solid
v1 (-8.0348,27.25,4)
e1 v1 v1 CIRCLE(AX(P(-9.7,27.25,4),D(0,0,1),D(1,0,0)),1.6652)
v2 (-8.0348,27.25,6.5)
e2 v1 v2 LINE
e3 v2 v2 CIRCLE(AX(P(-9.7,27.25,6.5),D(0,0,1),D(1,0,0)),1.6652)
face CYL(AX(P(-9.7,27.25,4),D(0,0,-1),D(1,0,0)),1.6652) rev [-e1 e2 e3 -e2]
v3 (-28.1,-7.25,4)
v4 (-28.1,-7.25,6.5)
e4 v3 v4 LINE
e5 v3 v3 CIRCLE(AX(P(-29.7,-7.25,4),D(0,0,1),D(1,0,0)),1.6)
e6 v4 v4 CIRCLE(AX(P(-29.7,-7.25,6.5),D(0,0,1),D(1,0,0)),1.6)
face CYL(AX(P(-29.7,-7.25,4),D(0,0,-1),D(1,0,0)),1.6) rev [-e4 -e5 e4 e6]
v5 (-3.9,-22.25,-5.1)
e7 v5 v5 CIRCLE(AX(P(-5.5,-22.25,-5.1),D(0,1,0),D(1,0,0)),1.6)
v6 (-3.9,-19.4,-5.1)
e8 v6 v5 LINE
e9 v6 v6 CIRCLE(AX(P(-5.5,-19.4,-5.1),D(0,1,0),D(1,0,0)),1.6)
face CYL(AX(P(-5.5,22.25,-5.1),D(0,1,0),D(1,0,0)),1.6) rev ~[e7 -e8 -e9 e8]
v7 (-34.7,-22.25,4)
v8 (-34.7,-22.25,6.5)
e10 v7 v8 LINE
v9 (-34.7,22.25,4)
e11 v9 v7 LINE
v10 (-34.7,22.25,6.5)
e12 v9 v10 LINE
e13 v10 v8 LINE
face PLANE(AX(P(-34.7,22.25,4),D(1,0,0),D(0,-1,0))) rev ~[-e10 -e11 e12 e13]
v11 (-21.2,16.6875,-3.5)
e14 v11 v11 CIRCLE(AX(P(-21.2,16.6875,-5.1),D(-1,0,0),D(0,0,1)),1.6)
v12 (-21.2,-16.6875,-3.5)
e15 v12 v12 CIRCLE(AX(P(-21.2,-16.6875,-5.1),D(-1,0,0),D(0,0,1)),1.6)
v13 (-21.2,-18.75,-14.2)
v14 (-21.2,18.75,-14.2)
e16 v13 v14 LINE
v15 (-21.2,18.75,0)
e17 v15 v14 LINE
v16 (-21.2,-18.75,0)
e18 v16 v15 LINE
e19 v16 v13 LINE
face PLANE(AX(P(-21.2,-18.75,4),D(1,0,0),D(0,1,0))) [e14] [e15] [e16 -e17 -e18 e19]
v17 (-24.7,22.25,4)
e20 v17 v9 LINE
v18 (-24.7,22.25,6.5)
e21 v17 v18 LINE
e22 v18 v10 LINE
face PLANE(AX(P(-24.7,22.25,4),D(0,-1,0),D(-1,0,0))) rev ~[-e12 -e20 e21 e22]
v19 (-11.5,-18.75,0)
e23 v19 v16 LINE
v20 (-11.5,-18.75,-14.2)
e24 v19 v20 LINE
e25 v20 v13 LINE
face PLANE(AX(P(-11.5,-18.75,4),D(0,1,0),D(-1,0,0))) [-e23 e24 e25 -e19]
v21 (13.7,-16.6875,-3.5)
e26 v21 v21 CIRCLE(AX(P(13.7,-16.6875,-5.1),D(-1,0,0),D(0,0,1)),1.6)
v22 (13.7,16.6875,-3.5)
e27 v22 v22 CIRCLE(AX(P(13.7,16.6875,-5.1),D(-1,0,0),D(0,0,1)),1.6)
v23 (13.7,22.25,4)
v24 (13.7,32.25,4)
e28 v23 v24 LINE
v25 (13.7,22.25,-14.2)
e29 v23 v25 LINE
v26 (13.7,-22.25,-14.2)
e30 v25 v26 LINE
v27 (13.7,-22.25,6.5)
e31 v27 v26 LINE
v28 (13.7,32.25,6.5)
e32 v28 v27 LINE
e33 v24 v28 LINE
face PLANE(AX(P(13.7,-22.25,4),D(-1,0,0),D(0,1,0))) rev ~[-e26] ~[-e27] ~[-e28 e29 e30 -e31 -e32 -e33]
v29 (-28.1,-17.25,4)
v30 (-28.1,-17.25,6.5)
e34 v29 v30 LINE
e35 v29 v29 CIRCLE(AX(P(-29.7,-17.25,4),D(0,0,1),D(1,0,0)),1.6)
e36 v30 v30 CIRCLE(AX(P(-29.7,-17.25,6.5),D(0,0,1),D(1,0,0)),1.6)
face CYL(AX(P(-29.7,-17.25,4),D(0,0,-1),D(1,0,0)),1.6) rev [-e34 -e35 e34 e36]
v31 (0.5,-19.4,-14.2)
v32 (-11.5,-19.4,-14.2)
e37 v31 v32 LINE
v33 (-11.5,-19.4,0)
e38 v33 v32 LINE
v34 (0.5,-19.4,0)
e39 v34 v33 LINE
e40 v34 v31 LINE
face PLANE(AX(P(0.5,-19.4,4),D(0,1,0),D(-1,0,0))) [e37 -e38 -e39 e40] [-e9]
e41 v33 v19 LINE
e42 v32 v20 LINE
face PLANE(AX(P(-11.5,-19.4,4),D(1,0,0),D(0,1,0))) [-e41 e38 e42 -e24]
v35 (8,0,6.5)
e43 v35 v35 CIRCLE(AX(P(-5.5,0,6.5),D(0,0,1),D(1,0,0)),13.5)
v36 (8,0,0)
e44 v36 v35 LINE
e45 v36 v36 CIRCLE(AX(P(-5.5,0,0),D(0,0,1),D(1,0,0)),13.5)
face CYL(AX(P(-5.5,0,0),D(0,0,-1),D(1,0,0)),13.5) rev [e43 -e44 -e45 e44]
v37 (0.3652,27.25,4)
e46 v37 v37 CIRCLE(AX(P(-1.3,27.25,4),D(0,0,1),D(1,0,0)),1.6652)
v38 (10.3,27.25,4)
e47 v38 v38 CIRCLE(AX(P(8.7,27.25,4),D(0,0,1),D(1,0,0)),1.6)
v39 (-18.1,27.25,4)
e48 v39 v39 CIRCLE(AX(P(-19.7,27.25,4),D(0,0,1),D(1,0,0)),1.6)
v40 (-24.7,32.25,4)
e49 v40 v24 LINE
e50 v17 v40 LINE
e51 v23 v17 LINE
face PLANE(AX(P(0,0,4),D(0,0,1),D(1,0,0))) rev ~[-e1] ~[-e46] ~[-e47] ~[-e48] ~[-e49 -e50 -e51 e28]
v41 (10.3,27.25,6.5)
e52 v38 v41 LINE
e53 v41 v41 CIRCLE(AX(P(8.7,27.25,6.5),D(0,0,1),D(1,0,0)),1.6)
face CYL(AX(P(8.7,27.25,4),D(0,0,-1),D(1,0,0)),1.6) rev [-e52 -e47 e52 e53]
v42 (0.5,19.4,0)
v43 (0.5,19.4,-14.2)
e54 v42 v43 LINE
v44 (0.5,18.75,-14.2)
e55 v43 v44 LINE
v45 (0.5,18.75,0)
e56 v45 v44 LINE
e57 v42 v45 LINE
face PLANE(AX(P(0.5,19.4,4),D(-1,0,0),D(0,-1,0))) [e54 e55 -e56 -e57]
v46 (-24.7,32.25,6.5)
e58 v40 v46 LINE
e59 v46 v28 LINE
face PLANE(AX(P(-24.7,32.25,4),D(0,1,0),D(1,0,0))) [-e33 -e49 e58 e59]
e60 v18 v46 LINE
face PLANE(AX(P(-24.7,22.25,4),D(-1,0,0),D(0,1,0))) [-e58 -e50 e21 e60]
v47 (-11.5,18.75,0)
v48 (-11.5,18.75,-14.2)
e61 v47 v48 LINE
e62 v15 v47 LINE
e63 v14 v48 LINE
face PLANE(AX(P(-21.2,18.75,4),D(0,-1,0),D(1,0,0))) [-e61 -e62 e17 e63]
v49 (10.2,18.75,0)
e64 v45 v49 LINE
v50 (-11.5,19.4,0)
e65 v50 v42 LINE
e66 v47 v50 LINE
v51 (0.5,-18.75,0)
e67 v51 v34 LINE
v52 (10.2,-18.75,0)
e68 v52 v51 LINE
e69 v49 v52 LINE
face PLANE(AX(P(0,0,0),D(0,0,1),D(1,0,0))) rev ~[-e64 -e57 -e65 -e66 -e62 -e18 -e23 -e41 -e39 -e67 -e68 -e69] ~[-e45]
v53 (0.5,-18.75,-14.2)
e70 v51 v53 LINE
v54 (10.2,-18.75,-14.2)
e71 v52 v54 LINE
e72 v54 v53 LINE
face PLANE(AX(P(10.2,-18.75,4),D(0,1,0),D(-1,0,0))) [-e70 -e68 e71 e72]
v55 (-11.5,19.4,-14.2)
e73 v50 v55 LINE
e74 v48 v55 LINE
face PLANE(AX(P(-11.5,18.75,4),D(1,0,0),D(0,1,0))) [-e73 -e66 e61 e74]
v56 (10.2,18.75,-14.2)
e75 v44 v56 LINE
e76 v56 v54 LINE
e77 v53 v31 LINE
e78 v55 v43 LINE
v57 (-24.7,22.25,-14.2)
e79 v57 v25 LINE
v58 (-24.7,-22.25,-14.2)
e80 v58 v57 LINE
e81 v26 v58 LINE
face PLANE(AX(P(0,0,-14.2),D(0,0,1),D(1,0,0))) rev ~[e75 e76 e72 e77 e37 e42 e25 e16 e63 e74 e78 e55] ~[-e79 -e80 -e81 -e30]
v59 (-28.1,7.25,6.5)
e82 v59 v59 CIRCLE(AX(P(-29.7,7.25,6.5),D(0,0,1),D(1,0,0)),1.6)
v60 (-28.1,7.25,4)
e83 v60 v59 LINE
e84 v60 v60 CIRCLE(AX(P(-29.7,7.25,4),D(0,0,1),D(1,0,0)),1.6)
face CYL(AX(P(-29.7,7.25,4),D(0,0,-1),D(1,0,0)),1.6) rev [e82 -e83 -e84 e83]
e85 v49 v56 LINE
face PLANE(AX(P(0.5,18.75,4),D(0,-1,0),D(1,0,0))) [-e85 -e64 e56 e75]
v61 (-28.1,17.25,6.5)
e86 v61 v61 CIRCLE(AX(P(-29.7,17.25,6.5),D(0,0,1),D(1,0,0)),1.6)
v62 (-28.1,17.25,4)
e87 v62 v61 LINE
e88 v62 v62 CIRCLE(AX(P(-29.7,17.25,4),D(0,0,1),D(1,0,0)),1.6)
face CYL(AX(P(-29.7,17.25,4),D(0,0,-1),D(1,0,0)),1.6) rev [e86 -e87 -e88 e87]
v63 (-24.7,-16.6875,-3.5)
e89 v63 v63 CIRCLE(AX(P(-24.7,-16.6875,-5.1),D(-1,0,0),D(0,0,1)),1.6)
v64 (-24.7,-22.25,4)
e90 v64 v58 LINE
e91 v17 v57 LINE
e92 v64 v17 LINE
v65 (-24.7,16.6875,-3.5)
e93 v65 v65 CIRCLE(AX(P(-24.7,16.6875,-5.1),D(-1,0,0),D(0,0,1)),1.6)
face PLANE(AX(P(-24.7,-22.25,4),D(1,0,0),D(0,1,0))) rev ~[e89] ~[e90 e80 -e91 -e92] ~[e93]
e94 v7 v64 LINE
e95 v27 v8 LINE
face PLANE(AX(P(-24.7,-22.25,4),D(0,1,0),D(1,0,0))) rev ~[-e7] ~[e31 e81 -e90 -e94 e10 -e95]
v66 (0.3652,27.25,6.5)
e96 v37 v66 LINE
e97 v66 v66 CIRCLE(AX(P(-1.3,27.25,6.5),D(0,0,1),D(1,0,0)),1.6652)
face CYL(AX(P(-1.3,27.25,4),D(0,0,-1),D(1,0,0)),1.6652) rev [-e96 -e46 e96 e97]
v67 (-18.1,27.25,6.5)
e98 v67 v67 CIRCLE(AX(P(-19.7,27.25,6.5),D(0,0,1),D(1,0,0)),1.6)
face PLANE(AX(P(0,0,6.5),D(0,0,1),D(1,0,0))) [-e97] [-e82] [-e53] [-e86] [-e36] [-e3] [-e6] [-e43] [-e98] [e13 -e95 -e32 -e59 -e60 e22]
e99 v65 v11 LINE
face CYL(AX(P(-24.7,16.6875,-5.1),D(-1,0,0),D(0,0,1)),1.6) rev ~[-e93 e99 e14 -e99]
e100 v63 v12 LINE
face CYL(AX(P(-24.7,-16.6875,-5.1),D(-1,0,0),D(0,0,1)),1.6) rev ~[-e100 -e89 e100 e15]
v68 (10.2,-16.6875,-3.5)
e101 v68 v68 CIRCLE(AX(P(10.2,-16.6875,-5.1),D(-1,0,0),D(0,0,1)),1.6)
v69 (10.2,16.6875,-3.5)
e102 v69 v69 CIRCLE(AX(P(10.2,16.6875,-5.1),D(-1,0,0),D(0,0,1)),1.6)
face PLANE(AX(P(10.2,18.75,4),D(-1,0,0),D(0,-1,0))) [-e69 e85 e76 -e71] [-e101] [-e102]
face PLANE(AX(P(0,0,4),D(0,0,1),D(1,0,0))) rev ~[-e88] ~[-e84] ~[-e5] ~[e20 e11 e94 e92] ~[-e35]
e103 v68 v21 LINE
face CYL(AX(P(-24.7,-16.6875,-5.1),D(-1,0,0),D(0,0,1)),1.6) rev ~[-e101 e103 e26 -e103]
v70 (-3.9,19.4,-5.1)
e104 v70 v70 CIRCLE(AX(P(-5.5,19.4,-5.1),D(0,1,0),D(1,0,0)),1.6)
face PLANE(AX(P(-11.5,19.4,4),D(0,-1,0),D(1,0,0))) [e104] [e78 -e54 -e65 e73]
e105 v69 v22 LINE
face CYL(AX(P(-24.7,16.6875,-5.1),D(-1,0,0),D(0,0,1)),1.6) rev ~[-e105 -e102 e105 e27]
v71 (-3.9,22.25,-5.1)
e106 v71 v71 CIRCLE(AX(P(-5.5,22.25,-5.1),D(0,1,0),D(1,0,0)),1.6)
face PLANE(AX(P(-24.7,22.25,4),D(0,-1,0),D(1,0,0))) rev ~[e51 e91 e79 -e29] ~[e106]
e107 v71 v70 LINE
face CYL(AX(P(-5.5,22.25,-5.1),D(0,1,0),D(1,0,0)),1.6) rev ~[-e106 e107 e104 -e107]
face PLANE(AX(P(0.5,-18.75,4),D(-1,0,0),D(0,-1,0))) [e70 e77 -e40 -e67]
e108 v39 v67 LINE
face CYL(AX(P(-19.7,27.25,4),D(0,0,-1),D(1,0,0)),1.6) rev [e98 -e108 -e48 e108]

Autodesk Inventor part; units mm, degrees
ref_plane "YZ Plane" through (0, 0, 0) normal (1, 0, 0) x (0, 1, 0)
ref_plane "XZ Plane" through (0, 0, 0) normal (0, 1, 0) x (-1, 0, 0)
sketch "Sketch1" plane through (0, 0, 0) normal (0, 0, 1) x (1, 0, 0)
  line L0 (-11, 18.9) -> (-11, 18.25) projected
  line L1 (-11, 18.25) -> (-20.7, 18.25) projected
  line L2 (-20.7, 18.25) -> (-20.7, -18.25) projected
  line L3 (-11, -18.25) -> (-20.7, -18.25) projected
  line L4 (-11, -18.25) -> (-11, -18.9) projected
  line L5 (0, -18.9) -> (-11, -18.9) projected
  line L6 (0, -18.25) -> (0, -18.9) projected
  line L7 (9.7, -18.25) -> (0, -18.25) projected
  line L8 (9.7, 18.25) -> (9.7, -18.25) projected
  line L9 (9.7, 18.25) -> (0, 18.25) projected
  line L10 (0, 18.9) -> (0, 18.25) projected
  line L11 (0, 18.9) -> (-11, 18.9) projected
  circle A0 centre (-5.5, 0) radius 11.5 projected
  circle A1 centre (-5.5, 0) radius 13.5
  point P0 (0, 0)
  dimension "d0" = 2
extrude "Extrusion1" add sketch "Sketch1" along normal blind 4 contours L11 L10 L9 L8 L7 L6 L5 L4 L3 L2 L1 L0
sketch "Sketch2" plane through (0, 0, 4) normal (0, 0, 1) x (1, 0, 0)
  line L0 (-11, 18.9) -> (-11, 18.25) projected
  line L1 (-11, 18.25) -> (-20.7, 18.25) projected
  line L2 (-20.7, 18.25) -> (-20.7, -18.25) projected
  line L3 (-20.7, -18.25) -> (-11, -18.25) projected
  line L4 (-11, -18.25) -> (-11, -18.9) projected
  line L5 (-11, -18.9) -> (0, -18.9) projected
  line L6 (0, -18.9) -> (0, -18.25) projected
  line L7 (0, -18.25) -> (9.7, -18.25) projected
  line L8 (9.7, -18.25) -> (9.7, 18.25) projected
  line L9 (9.7, 18.25) -> (0, 18.25) projected
  line L10 (0, 18.25) -> (0, 18.9) projected
  line L11 (0, 18.9) -> (-11, 18.9) projected
  circle A0 centre (-5.5, 0) radius 13.5 projected
  line L12 (13.7, 22.25) -> (13.7, -22.25)
  line L13 (13.7, -22.25) -> (6, -22.25)
  line L14 (-17, -22.25) -> (-24.7, -22.25)
  line L15 (-24.7, -22.25) -> (-24.7, 22.25)
  line L16 (-24.7, 22.25) -> (-17, 22.25)
  line L17 (6, 22.25) -> (13.7, 22.25)
  line L18 (10.2, 18.75) -> (10.2, -18.75)
  line L19 (10.2, -18.75) -> (0.5, -18.75)
  line L20 (0.5, -18.75) -> (0.5, -19.4)
  line L21 (0.5, -19.4) -> (-11.5, -19.4)
  line L22 (-11.5, -19.4) -> (-11.5, -18.75)
  line L23 (-11.5, -18.75) -> (-21.2, -18.75)
  line L24 (-21.2, -18.75) -> (-21.2, 18.75)
  line L25 (-21.2, 18.75) -> (-11.5, 18.75)
  line L26 (-11.5, 18.75) -> (-11.5, 19.4)
  line L27 (-11.5, 19.4) -> (0.5, 19.4)
  line L28 (0.5, 19.4) -> (0.5, 18.75)
  line L29 (0.5, 18.75) -> (10.2, 18.75)
  line L30 (-17, -22.25) -> (6, -22.25)
  line L31 (6, 22.25) -> (-17, 22.25)
  point P0 (0, 0)
  dimension "d3" = 4
  dimension "d4" = 0.5
ref_plane "Work Plane1" through (-21.9731, -18.5883, -14.2) normal (0, 0, -1) x (0, 1, 0)
extrude "Extrusion2" add sketch "Sketch2" against normal up to surface (18.2 mm away) contours L12 L13 L30 L14 L15 L16 L31 L17
extrude "Extrusion3" add sketch "Sketch2" against normal blind 4 contours L18 L19 L20 L21 L22 L23 L24 L25 L26 L27 L28 L29
sketch "Sketch3" plane through (-24.7, -22.25, 4) normal (-1, 0, 0) x (0, 0, 1)
  line L0 (0, 44.5) -> (-18.2, 44.5) construction
  line L1 (-18.2, 44.5) -> (0, 0) construction
  line L2 (0, 0) -> (-18.2, 0) construction
  line L3 (0, 44.5) -> (0, 0) construction
  line L4 (-18.2, 0) -> (0, 44.5) construction
  line L5 (0, 44.5) -> (-9.1, 22.25) construction
  line L6 (0, 22.25) -> (-18.2, 22.25) construction
  line L7 (-18.2, 3.5) -> (-18.2, 41) construction
  line L8 (-18.2, 22.25) -> (0, 44.5) construction
  line L9 (0, 22.25) -> (-18.2, 44.5) construction
  line L10 (-9.1, 33.375) -> (0, 33.375) construction
  line L11 (0, 33.375) -> (-18.2, 44.5) construction
  line L12 (0, 44.5) -> (-18.2, 33.375) construction
  line L13 (-18.2, 44.5) -> (-18.2, 0) construction
  circle A0 centre (-9.1, 38.9375) radius 1.6
  circle A1 centre (-9.1, 5.5625) radius 1.6
  point P0 (-4, 22.25)
  dimension "d9" = 3.2
extrude "Extrusion4" cut sketch "Sketch3" against normal through all
sketch "Sketch4" plane through (-24.7, 22.25, 4) normal (0, 1, 0) x (1, 0, 0)
  line L0 (0, 0) -> (0, 18.2) construction
  line L1 (38.4, 18.2) -> (0, 0) construction
  line L2 (0, 0) -> (0, 18.2) construction
  line L3 (0, 18.2) -> (38.4, 0) construction
  circle A0 centre (19.2, 9.1) radius 1.6
  point P0 (24.7, 4)
  dimension "d12" = 3.2
extrude "Extrusion5" cut sketch "Sketch4" against normal through all
sketch "Sketch5" plane through (0, 0, 4) normal (0, 0, 1) x (1, 0, 0)
  line L0 (13.7, 22.25) -> (-24.7, 22.25) projected
  line L1 (13.7, 22.25) -> (-24.7, 22.25)
  line L2 (-24.7, 22.25) -> (-24.7, 32.25)
  line L3 (-24.7, 32.25) -> (13.7, 32.25)
  line L4 (13.7, 32.25) -> (13.7, 22.25)
  line L5 (-24.7, 22.25) -> (-24.7, -22.25) projected
  line L6 (-24.7, 22.25) -> (-34.7, 22.25)
  line L7 (-34.7, 22.25) -> (-34.7, -22.25)
  line L8 (-34.7, -22.25) -> (-24.7, -22.25)
  line L9 (-24.7, -22.25) -> (-24.7, 22.25)
  line L10 (13.7, 27.25) -> (-24.7, 27.25) construction
  line L11 (-29.7, 22.25) -> (-29.7, -22.25) construction
  circle A0 centre (8.7, 27.25) radius 1.6
  circle A1 centre (-29.7, -17.25) radius 1.6
  circle A2 centre (-29.7, -7.25) radius 1.6
  line L12 (-24.7, 0) -> (-34.7, 0) construction
  circle A3 centre (-29.7, 17.25) radius 1.6
  circle A4 centre (-29.7, 7.25) radius 1.6
  line L13 (-5.5, 22.25) -> (-5.5, 32.25) construction
  circle A5 centre (-1.3, 27.25) radius 1.6652
  circle A6 centre (-19.7, 27.25) radius 1.6
  circle A7 centre (-9.7, 27.25) radius 1.6652
  line L14 (13.7, 22.25) -> (-24.7, 22.25) projected
  line L15 (-24.7, 22.25) -> (-24.7, -22.25) projected
  line L16 (-24.7, -22.25) -> (13.7, -22.25) projected
  line L17 (13.7, -22.25) -> (13.7, 22.25) projected
  circle A8 centre (-5.5, 0) radius 13.5 projected
  point P0 (0, 0)
  dimension "d15" = 10
  dimension "d16" = 10
  dimension "d17" = 3.2
  dimension "d18" = 5
  dimension "d19" = 3.2
  dimension "d20" = 5
  dimension "d21" = 10
  dimension "d22" = 3.2
  dimension "d23" = 10
extrude "Extrusion6" add sketch "Sketch5" along normal blind 2.5
properties part number "bau_holder"
